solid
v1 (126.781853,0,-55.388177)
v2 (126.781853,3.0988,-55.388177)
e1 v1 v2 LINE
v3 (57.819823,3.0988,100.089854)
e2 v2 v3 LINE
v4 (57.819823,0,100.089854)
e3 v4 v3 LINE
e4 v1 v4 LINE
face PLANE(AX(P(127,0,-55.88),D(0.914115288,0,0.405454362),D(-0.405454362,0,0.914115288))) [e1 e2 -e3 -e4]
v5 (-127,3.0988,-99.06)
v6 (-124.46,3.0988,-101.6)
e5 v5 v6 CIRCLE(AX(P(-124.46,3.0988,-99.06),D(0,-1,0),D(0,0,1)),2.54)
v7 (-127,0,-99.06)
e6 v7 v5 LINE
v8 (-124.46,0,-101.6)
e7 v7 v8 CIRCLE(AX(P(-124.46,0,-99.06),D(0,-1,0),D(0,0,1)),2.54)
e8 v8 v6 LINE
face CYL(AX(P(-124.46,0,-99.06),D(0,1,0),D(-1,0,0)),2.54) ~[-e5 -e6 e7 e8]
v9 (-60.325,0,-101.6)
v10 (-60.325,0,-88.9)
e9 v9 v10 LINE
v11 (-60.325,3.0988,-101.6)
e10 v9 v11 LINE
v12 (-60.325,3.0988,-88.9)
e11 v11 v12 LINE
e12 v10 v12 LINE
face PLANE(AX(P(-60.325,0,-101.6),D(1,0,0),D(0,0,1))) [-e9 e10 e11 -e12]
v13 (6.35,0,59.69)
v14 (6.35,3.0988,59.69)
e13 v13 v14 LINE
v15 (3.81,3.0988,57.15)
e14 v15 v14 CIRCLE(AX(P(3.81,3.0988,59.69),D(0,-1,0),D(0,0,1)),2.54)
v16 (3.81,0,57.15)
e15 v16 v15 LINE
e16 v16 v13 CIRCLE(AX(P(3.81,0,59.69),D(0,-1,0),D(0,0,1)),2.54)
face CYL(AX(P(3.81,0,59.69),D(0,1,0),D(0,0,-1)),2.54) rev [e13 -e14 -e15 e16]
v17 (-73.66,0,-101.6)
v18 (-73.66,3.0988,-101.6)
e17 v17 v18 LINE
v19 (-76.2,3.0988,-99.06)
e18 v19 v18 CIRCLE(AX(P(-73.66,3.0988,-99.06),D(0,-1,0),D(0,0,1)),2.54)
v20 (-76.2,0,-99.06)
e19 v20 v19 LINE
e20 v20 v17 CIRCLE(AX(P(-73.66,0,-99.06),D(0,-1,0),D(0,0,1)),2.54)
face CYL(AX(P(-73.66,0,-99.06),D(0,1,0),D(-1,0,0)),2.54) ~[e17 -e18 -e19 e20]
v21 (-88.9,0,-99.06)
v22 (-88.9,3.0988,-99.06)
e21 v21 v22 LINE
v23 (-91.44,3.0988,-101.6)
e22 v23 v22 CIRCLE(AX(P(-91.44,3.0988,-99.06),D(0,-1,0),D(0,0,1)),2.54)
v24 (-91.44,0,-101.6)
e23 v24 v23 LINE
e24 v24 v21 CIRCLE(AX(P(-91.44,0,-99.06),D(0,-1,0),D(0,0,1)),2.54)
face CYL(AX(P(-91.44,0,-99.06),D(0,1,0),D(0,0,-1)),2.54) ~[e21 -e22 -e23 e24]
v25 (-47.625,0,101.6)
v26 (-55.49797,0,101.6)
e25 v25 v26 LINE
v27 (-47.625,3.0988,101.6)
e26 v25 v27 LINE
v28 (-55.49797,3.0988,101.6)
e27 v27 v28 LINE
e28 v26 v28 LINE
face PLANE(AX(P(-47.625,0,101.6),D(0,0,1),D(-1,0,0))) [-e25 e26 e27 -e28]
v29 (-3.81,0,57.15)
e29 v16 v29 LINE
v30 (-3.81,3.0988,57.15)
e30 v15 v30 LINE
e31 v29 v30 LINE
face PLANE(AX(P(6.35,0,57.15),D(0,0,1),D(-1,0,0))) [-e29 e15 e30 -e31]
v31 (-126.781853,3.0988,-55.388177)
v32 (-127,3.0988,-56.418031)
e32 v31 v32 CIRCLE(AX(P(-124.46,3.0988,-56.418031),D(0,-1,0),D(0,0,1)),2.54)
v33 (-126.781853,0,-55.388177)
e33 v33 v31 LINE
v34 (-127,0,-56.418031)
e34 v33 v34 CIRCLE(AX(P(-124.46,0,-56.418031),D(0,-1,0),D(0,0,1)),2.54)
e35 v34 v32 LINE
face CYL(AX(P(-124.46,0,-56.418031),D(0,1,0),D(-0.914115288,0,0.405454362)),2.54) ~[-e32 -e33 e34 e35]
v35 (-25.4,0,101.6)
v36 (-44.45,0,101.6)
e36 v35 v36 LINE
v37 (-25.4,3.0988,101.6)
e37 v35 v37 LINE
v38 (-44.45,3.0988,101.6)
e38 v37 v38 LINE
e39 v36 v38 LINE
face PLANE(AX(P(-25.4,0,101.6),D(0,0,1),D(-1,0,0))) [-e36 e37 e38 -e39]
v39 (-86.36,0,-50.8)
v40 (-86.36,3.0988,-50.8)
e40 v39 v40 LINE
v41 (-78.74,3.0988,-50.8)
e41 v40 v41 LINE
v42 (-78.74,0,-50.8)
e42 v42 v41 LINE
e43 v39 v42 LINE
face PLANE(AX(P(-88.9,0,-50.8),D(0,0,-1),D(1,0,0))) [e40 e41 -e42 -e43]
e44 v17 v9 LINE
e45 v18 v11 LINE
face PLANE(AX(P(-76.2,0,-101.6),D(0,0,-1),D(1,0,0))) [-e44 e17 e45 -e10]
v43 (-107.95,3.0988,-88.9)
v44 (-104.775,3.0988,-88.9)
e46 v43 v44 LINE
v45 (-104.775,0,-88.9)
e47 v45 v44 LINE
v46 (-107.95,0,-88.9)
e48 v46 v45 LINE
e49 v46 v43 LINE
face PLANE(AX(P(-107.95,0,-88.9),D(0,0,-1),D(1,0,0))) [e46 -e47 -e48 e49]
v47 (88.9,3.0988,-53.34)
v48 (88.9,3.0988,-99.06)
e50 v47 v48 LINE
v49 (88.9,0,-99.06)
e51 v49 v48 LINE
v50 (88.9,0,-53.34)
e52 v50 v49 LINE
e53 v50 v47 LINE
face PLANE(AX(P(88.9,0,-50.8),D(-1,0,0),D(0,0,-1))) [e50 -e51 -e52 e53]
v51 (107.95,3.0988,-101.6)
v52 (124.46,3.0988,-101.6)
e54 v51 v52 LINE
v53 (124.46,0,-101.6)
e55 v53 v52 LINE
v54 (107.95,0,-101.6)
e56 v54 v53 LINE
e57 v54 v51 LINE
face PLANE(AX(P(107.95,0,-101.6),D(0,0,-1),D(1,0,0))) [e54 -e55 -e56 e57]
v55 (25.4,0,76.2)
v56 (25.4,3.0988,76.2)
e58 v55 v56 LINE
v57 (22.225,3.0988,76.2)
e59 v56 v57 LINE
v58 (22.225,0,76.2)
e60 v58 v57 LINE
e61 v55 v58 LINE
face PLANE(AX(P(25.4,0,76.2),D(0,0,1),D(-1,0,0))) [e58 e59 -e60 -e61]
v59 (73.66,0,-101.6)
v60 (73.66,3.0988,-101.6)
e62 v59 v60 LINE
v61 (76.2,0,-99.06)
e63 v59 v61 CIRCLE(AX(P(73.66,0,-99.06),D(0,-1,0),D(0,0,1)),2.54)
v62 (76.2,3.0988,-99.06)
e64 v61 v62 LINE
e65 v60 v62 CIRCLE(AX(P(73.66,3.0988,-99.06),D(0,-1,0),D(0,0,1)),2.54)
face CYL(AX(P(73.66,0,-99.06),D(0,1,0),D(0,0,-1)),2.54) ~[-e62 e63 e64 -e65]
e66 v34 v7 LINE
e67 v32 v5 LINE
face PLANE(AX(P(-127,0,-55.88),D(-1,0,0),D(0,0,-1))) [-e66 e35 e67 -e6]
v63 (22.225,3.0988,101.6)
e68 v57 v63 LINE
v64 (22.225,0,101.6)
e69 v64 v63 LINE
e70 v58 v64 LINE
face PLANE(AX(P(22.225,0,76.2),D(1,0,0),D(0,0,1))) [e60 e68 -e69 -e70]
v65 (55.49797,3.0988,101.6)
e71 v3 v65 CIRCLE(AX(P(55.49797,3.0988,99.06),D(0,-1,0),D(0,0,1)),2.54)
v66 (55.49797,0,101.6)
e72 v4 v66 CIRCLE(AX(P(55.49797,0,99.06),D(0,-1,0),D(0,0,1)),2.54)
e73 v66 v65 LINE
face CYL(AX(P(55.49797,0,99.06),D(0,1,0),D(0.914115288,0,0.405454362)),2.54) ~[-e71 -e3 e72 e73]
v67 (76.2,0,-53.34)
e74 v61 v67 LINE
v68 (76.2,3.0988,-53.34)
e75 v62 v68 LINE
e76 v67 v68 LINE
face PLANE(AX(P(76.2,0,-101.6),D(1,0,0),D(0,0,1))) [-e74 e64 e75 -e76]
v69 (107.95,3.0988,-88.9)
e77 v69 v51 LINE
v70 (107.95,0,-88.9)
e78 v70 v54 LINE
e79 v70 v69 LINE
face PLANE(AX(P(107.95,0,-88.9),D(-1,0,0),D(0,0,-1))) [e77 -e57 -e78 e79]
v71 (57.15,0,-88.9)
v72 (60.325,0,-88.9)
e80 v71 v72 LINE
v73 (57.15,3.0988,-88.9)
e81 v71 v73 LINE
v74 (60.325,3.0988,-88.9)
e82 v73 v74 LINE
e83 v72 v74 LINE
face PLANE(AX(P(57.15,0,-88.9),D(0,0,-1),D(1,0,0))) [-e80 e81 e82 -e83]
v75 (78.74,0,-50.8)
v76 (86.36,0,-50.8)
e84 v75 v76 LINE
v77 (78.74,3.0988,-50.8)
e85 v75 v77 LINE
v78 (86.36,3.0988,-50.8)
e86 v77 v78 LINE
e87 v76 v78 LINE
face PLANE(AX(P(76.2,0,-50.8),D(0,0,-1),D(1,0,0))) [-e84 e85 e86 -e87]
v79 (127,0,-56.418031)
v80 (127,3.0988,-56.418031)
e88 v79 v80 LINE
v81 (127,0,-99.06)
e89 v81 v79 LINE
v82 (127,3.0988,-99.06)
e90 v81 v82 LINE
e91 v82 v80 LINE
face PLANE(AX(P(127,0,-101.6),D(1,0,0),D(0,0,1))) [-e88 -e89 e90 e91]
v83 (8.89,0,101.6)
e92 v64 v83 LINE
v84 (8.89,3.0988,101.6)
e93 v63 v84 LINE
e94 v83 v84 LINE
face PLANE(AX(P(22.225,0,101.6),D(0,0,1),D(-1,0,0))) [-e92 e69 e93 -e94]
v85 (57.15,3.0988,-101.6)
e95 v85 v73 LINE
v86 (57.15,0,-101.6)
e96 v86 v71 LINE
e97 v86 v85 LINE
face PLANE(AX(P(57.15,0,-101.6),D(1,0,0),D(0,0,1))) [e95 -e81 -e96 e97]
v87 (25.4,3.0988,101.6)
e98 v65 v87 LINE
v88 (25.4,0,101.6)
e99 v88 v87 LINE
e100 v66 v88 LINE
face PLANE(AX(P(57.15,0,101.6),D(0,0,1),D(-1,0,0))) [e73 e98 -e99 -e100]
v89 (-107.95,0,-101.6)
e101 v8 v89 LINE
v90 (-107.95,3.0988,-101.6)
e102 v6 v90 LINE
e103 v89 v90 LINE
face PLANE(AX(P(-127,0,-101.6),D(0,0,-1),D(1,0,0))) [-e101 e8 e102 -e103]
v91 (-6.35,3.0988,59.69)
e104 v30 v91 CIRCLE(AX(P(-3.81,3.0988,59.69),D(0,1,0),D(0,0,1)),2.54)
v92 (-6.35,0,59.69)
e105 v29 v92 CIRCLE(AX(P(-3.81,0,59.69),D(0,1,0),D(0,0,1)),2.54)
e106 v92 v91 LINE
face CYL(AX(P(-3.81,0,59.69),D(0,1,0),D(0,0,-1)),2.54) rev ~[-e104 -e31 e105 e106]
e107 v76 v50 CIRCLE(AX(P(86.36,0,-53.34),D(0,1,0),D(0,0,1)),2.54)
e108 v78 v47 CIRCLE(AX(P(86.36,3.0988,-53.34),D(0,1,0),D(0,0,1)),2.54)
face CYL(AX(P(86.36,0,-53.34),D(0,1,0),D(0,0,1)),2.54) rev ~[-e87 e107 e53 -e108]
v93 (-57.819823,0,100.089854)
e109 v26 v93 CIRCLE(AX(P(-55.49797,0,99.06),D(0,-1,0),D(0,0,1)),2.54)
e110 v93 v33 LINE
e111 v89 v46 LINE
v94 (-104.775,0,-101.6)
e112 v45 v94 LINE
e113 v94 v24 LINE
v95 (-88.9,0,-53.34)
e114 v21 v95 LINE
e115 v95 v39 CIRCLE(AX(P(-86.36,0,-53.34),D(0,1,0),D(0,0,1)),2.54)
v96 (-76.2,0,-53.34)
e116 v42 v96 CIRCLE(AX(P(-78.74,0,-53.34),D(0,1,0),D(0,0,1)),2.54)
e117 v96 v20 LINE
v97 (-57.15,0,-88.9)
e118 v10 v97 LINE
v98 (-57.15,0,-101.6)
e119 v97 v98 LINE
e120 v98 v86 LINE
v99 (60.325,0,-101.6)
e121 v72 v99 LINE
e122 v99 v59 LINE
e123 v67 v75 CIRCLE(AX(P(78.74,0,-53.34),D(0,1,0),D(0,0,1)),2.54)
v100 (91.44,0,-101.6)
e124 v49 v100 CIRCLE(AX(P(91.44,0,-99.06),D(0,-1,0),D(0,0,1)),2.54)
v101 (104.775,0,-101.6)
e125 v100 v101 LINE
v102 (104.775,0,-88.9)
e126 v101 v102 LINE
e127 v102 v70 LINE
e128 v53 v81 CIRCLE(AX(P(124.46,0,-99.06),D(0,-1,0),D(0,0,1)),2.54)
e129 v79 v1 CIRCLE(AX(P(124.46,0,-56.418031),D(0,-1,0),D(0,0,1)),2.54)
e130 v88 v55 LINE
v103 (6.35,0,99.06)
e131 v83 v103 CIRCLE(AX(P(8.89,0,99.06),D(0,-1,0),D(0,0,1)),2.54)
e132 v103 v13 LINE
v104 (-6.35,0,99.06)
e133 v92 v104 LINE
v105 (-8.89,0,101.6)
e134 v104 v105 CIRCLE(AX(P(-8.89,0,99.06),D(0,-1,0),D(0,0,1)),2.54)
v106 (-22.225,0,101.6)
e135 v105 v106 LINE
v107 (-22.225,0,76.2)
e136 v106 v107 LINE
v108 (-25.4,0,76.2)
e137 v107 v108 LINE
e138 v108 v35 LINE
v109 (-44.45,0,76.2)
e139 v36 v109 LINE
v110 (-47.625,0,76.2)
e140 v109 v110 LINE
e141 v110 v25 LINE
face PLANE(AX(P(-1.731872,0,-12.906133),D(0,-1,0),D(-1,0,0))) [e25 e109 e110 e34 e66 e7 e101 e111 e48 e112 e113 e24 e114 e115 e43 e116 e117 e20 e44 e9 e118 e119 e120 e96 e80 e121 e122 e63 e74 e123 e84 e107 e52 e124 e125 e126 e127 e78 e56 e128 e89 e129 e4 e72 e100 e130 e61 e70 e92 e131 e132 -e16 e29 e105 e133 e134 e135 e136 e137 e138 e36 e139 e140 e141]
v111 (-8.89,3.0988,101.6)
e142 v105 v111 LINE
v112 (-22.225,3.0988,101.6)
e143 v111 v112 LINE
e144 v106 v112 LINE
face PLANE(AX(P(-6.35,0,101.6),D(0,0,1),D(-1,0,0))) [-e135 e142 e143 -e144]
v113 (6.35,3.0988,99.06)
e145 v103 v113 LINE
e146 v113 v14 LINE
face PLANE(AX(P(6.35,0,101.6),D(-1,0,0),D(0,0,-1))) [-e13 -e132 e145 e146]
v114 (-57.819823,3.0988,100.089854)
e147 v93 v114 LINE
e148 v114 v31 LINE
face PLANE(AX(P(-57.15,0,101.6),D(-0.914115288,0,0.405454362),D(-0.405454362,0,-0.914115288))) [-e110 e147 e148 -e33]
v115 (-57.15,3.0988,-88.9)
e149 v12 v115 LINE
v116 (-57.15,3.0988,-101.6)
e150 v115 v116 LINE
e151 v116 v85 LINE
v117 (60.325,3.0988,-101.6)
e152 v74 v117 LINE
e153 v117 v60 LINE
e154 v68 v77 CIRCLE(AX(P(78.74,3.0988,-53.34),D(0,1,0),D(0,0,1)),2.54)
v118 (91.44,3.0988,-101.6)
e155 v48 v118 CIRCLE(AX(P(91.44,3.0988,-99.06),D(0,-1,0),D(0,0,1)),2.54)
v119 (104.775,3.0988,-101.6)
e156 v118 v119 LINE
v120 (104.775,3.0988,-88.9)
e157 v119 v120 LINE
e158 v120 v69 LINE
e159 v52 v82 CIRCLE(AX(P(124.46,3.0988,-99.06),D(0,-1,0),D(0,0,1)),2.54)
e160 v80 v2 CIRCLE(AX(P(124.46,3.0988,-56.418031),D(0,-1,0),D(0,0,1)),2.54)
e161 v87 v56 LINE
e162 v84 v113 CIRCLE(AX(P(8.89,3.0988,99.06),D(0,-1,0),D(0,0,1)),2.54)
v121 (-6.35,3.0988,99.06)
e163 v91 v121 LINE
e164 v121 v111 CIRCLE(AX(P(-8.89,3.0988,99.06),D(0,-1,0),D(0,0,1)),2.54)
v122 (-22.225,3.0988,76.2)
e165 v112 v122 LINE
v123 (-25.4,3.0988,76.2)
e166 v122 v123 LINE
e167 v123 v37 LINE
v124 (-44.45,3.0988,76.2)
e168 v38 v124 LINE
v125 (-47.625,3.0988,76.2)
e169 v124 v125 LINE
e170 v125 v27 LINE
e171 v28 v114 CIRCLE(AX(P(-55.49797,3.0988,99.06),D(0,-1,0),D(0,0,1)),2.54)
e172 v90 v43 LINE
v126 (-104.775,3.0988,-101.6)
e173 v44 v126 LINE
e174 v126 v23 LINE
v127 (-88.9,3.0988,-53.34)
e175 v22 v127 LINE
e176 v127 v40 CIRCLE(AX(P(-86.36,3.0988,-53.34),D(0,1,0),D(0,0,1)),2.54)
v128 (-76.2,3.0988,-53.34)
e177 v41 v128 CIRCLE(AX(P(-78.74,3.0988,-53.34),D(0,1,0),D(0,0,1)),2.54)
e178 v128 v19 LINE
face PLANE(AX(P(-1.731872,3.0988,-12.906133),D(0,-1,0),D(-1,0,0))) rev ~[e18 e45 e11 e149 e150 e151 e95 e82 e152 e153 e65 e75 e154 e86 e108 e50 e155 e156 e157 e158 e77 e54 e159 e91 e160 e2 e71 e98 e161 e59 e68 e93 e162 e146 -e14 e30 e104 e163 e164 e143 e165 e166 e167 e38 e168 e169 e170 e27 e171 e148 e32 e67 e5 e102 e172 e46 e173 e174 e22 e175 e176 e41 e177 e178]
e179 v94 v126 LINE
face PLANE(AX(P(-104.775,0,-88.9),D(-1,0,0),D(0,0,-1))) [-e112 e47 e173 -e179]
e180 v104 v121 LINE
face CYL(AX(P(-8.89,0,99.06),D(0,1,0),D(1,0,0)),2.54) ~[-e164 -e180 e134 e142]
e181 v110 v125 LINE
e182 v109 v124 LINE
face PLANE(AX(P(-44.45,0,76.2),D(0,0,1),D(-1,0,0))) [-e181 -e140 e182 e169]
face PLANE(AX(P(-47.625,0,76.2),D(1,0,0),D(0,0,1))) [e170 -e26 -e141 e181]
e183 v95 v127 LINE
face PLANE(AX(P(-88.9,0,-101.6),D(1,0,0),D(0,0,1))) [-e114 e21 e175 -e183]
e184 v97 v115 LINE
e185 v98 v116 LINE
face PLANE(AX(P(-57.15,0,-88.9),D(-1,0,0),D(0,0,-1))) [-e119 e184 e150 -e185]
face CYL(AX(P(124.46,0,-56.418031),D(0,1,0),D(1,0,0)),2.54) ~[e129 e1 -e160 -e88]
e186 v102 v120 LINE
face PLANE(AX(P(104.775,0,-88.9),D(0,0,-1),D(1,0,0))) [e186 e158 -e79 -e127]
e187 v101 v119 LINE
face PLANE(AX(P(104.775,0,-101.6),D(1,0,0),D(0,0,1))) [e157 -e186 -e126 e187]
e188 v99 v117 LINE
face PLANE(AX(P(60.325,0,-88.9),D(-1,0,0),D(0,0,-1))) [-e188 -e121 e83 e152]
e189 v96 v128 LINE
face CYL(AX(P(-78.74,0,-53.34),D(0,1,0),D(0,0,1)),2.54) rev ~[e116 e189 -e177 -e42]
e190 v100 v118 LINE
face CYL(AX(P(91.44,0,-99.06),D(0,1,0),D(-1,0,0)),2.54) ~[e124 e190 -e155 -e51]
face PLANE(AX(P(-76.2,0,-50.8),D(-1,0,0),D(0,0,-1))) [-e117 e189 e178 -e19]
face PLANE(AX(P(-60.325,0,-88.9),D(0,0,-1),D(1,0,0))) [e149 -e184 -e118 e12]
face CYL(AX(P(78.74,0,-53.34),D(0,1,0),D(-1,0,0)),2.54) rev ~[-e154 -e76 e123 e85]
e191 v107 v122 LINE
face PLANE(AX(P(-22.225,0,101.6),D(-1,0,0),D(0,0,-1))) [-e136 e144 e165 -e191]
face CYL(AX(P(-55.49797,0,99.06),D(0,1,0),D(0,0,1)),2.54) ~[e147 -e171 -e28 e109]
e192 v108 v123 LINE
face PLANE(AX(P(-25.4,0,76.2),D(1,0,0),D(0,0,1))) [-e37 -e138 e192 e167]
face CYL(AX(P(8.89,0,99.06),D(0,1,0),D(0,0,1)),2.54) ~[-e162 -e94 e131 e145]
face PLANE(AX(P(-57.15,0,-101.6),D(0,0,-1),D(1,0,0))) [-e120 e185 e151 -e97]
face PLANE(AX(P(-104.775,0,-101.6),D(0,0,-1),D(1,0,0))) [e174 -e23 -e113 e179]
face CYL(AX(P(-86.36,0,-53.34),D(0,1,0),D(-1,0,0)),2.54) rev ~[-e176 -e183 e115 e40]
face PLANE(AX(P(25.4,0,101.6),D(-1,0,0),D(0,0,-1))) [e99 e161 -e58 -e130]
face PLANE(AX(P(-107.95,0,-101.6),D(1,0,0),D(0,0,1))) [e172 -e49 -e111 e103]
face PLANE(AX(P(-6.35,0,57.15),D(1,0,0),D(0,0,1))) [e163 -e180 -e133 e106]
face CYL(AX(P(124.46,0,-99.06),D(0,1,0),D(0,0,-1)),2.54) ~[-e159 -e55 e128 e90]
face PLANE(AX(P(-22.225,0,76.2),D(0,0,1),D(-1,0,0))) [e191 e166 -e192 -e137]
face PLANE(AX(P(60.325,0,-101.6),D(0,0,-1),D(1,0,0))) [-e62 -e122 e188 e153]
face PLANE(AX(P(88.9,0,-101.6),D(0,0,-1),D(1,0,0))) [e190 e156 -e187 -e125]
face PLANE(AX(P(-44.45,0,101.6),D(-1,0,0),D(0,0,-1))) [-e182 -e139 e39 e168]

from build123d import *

# Parameters (mm, degrees)
BOSS_EXTRUDE1_DEPTH = 3.0988
FILLET1_R           = 2.54


with BuildPart() as part:
    # Sketch1 → Boss-Extrude1 (new body)
    with BuildSketch(Plane(origin=(0, 0, 0), x_dir=(1, 0, 0), z_dir=(0, 1, 0))):
        Polygon((6.35, -57.15), (-6.35, -57.15), (-6.35, -101.6), (-22.225, -101.6), (-22.225, -76.2), (-25.4, -76.2), (-25.4, -101.6), (-44.45, -101.6), (-44.45, -76.2), (-47.625, -76.2), (-47.625, -101.6), (-57.15, -101.6), (-127, 55.88), (-127, 101.6), (-107.95, 101.6), (-107.95, 88.9), (-104.775, 88.9), (-104.775, 101.6), (-88.9, 101.6), (-88.9, 50.8), (-76.2, 50.8), (-76.2, 101.6), (-60.325, 101.6), (-60.325, 88.9), (-57.15, 88.9), (-57.15, 101.6), (57.15, 101.6), (57.15, 88.9), (60.325, 88.9), (60.325, 101.6), (76.2, 101.6), (76.2, 50.8), (88.9, 50.8), (88.9, 101.6), (104.775, 101.6), (104.775, 88.9), (107.95, 88.9), (107.95, 101.6), (127, 101.6), (127, 55.88), (57.15, -101.6), (25.4, -101.6), (25.4, -76.2), (22.225, -76.2), (22.225, -101.6), (6.35, -101.6), align=None)
    extrude(amount=BOSS_EXTRUDE1_DEPTH)

    # Fillet1
    fillet1_edges = [part.edges().sort_by_distance(p)[0] for p in [
        (88.9, 1.5494, -50.8),
        (88.9, 1.5494, -101.6),
        (127, 1.5494, -101.6),
        (127, 1.5494, -55.88),
        (57.15, 1.5494, 101.6),
        (6.35, 1.5494, 101.6),
        (6.35, 1.5494, 57.15),
        (-6.35, 1.5494, 57.15),
        (-6.35, 1.5494, 101.6),
        (-57.15, 1.5494, 101.6),
        (-127, 1.5494, -55.88),
        (-127, 1.5494, -101.6),
        (-88.9, 1.5494, -101.6),
        (-88.9, 1.5494, -50.8),
        (-76.2, 1.5494, -50.8),
        (-76.2, 1.5494, -101.6),
        (76.2, 1.5494, -101.6),
        (76.2, 1.5494, -50.8),
    ]]
    fillet(fillet1_edges, radius=FILLET1_R)


solid = part.part
